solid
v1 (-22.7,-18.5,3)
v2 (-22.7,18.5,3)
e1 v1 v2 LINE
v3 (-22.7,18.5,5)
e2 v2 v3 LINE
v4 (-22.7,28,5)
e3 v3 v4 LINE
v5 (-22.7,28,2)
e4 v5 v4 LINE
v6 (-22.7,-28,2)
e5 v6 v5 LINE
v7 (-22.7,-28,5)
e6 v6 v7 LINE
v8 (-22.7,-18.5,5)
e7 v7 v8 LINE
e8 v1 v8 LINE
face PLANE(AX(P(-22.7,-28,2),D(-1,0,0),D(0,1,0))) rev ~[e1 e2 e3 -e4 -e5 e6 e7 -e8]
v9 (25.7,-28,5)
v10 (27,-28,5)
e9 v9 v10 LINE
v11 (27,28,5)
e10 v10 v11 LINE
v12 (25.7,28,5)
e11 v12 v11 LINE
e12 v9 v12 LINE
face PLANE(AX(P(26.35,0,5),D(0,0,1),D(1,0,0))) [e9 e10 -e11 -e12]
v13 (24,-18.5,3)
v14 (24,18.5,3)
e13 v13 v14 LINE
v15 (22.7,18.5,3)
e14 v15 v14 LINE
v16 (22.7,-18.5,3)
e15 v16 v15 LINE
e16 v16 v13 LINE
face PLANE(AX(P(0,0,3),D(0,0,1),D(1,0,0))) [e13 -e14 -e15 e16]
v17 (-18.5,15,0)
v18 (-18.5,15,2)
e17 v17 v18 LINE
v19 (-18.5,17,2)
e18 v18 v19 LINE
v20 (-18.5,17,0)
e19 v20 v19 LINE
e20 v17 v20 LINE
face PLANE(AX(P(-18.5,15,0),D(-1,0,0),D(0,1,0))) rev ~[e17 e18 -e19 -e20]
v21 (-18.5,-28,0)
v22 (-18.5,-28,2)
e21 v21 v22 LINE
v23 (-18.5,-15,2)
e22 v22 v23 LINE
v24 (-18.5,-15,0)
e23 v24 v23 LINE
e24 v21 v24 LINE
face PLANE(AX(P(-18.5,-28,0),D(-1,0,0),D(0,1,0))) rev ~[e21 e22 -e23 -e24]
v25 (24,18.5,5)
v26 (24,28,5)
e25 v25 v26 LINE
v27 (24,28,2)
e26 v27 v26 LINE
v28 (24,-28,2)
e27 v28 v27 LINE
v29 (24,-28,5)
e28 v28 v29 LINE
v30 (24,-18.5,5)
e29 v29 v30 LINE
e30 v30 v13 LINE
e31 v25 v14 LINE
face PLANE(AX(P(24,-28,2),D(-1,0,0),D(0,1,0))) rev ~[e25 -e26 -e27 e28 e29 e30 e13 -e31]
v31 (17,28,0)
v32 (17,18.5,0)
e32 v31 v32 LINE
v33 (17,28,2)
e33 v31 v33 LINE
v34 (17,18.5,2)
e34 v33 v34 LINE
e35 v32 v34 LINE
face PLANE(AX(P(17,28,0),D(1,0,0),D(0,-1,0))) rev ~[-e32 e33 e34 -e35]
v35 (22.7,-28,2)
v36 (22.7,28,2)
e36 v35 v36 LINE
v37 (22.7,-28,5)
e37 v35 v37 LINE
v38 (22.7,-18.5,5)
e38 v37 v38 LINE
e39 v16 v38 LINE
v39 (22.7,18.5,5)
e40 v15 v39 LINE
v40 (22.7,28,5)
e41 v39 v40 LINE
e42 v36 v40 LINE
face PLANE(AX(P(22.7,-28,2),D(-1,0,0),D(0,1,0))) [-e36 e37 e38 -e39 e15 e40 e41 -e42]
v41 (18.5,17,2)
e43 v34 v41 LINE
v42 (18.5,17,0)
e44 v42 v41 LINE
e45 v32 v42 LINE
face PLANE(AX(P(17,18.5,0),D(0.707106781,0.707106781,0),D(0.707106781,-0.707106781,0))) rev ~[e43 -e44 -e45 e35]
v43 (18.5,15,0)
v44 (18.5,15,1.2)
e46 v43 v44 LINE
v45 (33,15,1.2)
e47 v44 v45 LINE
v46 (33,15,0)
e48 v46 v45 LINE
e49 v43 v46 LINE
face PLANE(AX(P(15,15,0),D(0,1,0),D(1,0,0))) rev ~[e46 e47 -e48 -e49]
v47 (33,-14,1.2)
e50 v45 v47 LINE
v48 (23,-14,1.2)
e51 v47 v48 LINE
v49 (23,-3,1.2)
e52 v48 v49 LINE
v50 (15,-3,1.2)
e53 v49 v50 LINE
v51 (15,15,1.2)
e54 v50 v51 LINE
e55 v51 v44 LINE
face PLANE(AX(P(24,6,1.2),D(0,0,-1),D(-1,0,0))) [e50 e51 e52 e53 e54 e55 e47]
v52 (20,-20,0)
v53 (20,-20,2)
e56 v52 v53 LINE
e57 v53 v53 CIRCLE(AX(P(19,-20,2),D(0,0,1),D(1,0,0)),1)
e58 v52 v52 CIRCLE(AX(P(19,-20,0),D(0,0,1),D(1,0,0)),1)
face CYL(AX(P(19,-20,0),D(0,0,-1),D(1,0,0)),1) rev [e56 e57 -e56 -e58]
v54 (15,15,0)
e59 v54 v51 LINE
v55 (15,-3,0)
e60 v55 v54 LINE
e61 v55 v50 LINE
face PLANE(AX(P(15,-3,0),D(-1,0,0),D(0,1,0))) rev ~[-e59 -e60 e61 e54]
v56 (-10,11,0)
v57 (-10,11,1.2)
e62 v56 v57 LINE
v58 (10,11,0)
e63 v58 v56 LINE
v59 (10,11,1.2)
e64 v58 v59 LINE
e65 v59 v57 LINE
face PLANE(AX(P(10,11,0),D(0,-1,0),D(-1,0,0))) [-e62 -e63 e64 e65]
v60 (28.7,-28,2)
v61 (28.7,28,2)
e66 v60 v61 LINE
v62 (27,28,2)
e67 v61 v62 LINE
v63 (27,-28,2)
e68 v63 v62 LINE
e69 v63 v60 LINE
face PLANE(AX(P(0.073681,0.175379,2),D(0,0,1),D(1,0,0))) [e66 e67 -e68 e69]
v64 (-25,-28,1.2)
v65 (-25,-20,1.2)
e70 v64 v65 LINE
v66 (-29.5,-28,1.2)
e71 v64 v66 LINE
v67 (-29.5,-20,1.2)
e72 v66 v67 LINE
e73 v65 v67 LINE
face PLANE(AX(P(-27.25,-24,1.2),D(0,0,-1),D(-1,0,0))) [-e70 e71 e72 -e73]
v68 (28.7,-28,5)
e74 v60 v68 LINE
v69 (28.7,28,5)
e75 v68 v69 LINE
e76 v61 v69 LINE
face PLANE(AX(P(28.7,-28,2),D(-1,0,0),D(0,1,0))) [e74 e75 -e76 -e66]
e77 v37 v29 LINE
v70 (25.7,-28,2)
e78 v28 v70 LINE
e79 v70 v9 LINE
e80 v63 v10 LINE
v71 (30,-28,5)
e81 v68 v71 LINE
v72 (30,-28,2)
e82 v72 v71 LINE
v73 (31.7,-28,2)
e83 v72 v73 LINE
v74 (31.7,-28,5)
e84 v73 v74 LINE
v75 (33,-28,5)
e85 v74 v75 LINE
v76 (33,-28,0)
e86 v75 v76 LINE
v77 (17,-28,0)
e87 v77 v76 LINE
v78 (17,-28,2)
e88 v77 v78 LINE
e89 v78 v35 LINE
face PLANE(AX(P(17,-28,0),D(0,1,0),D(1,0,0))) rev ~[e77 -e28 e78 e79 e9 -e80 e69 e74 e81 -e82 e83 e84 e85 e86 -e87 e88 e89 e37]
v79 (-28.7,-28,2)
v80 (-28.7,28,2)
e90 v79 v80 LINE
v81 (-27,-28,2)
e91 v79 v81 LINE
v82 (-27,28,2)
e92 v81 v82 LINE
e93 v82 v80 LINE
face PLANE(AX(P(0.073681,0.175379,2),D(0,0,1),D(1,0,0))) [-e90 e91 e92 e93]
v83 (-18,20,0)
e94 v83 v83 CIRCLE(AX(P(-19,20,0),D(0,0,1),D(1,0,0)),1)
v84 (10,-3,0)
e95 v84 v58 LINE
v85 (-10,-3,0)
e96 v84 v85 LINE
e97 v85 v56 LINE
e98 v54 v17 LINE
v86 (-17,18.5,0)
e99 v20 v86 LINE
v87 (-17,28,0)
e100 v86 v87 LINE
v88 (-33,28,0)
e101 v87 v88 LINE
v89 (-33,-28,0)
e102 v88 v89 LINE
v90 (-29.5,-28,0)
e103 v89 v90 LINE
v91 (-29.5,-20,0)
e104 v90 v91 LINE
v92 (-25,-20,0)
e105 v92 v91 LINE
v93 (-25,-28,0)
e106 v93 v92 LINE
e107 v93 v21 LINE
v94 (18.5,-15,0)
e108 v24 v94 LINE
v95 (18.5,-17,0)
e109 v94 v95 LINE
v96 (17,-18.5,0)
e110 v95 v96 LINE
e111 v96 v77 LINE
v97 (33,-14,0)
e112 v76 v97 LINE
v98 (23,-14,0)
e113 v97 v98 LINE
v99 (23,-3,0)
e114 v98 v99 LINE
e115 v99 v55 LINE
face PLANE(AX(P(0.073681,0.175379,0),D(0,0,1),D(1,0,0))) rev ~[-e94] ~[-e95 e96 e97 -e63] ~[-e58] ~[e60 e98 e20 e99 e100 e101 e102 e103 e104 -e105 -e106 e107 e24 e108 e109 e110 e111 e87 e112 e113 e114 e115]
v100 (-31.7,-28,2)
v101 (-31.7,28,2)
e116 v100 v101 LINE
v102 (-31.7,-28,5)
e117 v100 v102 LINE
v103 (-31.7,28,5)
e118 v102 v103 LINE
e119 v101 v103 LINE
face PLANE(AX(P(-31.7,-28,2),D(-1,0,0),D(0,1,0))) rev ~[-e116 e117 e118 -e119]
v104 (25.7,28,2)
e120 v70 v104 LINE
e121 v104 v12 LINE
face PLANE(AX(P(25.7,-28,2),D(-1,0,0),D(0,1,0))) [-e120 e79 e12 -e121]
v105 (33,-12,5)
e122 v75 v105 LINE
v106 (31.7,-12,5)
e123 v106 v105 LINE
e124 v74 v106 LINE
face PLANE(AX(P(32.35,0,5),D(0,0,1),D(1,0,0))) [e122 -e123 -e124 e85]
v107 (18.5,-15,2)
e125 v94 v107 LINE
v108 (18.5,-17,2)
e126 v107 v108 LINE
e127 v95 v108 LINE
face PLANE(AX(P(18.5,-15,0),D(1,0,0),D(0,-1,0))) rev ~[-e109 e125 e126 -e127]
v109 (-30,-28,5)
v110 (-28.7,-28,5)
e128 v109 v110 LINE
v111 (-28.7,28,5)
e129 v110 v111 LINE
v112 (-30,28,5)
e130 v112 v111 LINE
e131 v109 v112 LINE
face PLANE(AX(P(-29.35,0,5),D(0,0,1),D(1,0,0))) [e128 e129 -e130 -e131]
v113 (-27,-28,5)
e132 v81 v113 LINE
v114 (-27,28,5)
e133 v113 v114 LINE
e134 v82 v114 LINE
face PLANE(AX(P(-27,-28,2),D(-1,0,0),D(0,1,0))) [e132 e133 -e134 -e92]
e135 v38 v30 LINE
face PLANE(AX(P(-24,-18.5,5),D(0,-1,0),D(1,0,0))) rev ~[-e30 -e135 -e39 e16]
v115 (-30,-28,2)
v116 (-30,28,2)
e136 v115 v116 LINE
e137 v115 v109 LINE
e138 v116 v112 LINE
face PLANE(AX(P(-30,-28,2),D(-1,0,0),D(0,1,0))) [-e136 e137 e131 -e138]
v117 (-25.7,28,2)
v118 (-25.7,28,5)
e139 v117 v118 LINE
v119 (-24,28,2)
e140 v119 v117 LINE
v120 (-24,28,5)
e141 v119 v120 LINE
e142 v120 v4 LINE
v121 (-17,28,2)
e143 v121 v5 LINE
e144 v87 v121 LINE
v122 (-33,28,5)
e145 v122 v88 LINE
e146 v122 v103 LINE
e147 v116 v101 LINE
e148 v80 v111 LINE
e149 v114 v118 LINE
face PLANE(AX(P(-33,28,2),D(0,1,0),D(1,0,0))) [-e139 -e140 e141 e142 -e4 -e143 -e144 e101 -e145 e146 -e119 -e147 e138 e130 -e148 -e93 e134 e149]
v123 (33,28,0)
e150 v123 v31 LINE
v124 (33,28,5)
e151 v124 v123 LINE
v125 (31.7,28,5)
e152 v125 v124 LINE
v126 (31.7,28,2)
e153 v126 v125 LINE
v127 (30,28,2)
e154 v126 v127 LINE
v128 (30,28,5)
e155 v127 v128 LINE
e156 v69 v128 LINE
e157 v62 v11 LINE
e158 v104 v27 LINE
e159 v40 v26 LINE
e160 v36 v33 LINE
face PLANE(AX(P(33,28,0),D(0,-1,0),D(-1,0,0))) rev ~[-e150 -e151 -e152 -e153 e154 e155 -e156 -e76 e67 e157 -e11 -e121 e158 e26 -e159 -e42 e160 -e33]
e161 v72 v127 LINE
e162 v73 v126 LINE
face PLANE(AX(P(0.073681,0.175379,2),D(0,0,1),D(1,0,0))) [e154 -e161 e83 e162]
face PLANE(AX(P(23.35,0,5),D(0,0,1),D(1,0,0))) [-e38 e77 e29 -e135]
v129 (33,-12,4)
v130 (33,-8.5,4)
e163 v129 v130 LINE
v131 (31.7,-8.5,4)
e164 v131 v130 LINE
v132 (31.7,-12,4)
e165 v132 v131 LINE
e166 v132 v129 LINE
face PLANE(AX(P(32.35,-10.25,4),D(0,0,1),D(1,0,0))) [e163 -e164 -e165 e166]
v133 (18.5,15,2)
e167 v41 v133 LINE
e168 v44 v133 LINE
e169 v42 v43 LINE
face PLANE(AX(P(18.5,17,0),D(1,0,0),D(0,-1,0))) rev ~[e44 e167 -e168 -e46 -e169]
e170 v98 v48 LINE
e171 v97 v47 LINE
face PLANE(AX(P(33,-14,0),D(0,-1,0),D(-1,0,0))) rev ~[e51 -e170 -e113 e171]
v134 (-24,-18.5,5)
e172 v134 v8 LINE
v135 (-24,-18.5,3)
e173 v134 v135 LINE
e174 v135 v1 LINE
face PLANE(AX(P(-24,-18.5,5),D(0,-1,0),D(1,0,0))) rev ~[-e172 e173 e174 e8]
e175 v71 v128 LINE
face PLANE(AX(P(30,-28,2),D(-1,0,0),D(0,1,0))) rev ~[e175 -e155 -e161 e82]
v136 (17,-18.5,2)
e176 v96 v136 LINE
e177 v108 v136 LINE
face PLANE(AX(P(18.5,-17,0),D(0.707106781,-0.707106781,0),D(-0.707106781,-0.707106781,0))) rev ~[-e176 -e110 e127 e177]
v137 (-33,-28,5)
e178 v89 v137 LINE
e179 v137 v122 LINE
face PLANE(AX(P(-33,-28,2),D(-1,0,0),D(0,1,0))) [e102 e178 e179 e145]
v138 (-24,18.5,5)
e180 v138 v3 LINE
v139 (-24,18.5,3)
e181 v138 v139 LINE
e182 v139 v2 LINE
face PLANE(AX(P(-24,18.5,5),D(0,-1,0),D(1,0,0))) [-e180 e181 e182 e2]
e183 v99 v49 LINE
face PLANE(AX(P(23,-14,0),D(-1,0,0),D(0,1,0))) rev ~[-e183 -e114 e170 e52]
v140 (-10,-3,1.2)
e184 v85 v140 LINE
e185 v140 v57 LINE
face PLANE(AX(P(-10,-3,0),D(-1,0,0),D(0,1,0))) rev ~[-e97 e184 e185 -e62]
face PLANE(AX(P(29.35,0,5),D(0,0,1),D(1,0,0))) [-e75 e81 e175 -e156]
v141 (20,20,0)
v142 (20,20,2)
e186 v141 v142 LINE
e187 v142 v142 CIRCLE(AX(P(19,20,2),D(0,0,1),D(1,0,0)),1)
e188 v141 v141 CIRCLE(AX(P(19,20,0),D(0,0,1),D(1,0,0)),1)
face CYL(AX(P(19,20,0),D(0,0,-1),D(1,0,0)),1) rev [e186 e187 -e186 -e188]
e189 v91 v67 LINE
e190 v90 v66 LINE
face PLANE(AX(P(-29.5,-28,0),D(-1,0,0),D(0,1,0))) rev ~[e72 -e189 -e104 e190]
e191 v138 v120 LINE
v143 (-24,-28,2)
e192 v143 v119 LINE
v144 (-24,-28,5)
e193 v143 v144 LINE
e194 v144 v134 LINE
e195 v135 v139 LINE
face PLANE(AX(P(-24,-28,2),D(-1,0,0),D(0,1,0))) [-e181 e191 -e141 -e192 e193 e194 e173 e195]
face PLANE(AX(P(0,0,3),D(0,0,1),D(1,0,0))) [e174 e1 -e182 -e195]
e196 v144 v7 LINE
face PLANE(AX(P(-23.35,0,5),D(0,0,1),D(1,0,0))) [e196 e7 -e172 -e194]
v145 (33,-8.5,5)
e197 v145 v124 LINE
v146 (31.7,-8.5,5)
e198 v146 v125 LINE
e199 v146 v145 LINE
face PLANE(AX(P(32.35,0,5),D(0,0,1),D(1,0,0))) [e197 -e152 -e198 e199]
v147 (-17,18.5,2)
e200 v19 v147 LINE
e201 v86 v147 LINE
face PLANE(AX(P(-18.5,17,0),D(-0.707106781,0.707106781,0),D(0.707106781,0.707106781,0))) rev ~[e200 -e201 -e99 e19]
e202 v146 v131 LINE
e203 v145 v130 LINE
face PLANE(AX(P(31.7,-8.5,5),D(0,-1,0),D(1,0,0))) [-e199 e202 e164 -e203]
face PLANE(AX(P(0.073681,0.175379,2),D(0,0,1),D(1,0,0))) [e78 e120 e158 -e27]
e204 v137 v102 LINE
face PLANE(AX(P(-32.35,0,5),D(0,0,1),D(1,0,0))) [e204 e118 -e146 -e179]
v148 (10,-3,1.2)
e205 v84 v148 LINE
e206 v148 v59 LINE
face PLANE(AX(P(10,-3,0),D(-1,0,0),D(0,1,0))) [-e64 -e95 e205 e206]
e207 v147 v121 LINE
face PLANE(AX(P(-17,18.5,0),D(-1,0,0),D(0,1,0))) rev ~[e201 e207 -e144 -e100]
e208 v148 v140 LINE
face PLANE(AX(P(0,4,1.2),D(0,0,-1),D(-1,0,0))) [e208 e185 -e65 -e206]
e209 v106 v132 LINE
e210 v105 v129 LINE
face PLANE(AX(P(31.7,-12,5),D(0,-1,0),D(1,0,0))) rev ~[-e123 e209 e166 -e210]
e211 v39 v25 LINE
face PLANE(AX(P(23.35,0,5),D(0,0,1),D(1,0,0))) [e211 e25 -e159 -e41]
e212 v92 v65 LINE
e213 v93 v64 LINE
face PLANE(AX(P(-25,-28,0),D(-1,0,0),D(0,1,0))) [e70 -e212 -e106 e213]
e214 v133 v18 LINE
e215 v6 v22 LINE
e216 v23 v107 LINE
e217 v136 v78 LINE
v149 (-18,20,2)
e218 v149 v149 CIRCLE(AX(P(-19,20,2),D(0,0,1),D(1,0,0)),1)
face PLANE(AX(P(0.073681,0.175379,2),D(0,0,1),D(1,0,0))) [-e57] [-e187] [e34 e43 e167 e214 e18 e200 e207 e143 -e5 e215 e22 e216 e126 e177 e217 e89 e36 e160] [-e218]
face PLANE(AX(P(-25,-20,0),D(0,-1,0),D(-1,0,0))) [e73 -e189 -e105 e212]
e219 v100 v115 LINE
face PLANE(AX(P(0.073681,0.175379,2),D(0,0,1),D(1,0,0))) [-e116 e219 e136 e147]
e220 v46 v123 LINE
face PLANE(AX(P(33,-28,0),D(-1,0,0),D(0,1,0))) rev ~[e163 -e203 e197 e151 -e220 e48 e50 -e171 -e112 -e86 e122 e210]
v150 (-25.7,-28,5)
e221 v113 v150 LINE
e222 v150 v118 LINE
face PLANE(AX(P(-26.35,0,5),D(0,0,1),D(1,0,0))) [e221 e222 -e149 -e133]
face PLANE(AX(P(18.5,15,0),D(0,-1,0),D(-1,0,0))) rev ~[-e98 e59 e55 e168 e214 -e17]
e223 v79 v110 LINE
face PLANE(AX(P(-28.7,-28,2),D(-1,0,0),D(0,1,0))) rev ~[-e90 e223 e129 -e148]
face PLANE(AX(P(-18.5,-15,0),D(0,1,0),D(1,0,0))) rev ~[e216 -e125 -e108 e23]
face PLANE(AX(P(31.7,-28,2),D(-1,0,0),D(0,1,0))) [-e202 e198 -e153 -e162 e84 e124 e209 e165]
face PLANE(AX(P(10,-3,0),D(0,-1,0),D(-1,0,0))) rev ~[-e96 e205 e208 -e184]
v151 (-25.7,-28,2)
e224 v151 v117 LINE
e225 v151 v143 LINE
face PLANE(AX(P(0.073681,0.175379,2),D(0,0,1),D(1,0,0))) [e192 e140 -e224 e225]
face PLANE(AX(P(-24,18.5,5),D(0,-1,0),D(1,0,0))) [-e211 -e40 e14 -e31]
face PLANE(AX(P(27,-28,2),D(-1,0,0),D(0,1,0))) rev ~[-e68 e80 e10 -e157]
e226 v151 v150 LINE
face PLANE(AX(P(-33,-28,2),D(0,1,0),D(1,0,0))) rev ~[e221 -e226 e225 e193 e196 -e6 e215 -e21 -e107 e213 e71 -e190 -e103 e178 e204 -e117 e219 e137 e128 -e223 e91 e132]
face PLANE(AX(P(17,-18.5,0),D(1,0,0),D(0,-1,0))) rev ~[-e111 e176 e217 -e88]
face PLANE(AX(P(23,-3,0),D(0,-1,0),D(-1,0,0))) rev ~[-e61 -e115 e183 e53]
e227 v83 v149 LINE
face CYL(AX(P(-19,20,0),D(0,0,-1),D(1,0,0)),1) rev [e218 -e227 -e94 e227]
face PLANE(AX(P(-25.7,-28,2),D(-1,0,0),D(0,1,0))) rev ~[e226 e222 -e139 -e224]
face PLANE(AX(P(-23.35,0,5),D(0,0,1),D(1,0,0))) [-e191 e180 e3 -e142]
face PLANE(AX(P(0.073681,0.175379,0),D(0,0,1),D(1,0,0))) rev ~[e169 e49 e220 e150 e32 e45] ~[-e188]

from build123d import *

# Parameters (mm, degrees)
SKETCH_1_R          = 1
EXTRUDE_1_DEPTH     = 2
SKETCH_2_W          = 1.3
SKETCH_2_H          = 56
EXTRUDE_2_DEPTH     = 3
SKETCH_3_W          = 20
SKETCH_3_H          = 14
CUT_EXTRUDE_1_DEPTH = 1.2
SKETCH_6_W          = 4.5
SKETCH_6_H          = 8
CUT_EXTRUDE_4_DEPTH = 1.2
SKETCH_4_W          = 1.3
SKETCH_4_H          = 3.5
CUT_EXTRUDE_2_DEPTH = 1
SKETCH_5_W          = 48
SKETCH_5_H          = 37
CUT_EXTRUDE_3_DEPTH = 2


with BuildPart() as part:
    # 草图1 → 凸台-拉伸1 (new body)
    with BuildSketch(Plane.XY):
        Polygon((18.5, 15), (-18.5, 15), (-18.5, 17), (-17, 18.5), (-17, 28), (-33, 28), (-33, -28), (-18.5, -28), (-18.5, -17), (-18.5, -15), (18.5, -15), (18.5, -17), (17, -18.5), (17, -28), (33, -28), (33, 28), (17, 28), (17, 18.5), (18.5, 17), align=None)
        with Locations((19, -20)):
            Circle(SKETCH_1_R, mode=Mode.SUBTRACT)
        with Locations((-19, 20)):
            Circle(SKETCH_1_R, mode=Mode.SUBTRACT)
        with Locations((19, 20)):
            Circle(SKETCH_1_R, mode=Mode.SUBTRACT)
    extrude(amount=EXTRUDE_1_DEPTH)

    # 草图2 → 凸台-拉伸2 (add)
    with BuildSketch(Plane.XY.offset(2)):
        with Locations((-32.35, 0)):
            Rectangle(SKETCH_2_W, SKETCH_2_H)
        with Locations((32.35, 0)):
            Rectangle(SKETCH_2_W, SKETCH_2_H)
        with Locations((-29.35, 0)):
            Rectangle(SKETCH_2_W, SKETCH_2_H)
        with Locations((-26.35, 0)):
            Rectangle(SKETCH_2_W, SKETCH_2_H)
        with Locations((-23.35, 0)):
            Rectangle(SKETCH_2_W, SKETCH_2_H)
        with Locations((29.35, 0)):
            Rectangle(SKETCH_2_W, SKETCH_2_H)
        with Locations((26.35, 0)):
            Rectangle(SKETCH_2_W, SKETCH_2_H)
        with Locations((23.35, 0)):
            Rectangle(SKETCH_2_W, SKETCH_2_H)
    extrude(amount=EXTRUDE_2_DEPTH)

    # 草图3 → 切除-拉伸1 (cut)
    with BuildSketch(Plane(origin=(0, 0, 0), x_dir=(-1, 0, 0), z_dir=(0, 0, -1))):
        with Locations((0, 4)):
            Rectangle(SKETCH_3_W, SKETCH_3_H)
        Polygon((-15, -3), (-15, 15), (-33, 15), (-33, -14), (-23, -14), (-23, -3), align=None)
    extrude(amount=-CUT_EXTRUDE_1_DEPTH, mode=Mode.SUBTRACT)

    # 草图6 → 切除-拉伸4 (cut)
    with BuildSketch(Plane(origin=(0, 0, 0), x_dir=(-1, 0, 0), z_dir=(0, 0, -1))):
        with Locations((27.25, -24)):
            Rectangle(SKETCH_6_W, SKETCH_6_H)
    extrude(amount=-CUT_EXTRUDE_4_DEPTH, mode=Mode.SUBTRACT)

    # 草图4 → 切除-拉伸2 (cut)
    with BuildSketch(Plane.XY.offset(5)):
        with Locations((32.35, -10.25)):
            Rectangle(SKETCH_4_W, SKETCH_4_H)
    extrude(amount=-CUT_EXTRUDE_2_DEPTH, mode=Mode.SUBTRACT)

    # 草图5 → 切除-拉伸3 (cut)
    with BuildSketch(Plane.XY.offset(5)):
        Rectangle(SKETCH_5_W, SKETCH_5_H)
    extrude(amount=-CUT_EXTRUDE_3_DEPTH, mode=Mode.SUBTRACT)


solid = part.part
